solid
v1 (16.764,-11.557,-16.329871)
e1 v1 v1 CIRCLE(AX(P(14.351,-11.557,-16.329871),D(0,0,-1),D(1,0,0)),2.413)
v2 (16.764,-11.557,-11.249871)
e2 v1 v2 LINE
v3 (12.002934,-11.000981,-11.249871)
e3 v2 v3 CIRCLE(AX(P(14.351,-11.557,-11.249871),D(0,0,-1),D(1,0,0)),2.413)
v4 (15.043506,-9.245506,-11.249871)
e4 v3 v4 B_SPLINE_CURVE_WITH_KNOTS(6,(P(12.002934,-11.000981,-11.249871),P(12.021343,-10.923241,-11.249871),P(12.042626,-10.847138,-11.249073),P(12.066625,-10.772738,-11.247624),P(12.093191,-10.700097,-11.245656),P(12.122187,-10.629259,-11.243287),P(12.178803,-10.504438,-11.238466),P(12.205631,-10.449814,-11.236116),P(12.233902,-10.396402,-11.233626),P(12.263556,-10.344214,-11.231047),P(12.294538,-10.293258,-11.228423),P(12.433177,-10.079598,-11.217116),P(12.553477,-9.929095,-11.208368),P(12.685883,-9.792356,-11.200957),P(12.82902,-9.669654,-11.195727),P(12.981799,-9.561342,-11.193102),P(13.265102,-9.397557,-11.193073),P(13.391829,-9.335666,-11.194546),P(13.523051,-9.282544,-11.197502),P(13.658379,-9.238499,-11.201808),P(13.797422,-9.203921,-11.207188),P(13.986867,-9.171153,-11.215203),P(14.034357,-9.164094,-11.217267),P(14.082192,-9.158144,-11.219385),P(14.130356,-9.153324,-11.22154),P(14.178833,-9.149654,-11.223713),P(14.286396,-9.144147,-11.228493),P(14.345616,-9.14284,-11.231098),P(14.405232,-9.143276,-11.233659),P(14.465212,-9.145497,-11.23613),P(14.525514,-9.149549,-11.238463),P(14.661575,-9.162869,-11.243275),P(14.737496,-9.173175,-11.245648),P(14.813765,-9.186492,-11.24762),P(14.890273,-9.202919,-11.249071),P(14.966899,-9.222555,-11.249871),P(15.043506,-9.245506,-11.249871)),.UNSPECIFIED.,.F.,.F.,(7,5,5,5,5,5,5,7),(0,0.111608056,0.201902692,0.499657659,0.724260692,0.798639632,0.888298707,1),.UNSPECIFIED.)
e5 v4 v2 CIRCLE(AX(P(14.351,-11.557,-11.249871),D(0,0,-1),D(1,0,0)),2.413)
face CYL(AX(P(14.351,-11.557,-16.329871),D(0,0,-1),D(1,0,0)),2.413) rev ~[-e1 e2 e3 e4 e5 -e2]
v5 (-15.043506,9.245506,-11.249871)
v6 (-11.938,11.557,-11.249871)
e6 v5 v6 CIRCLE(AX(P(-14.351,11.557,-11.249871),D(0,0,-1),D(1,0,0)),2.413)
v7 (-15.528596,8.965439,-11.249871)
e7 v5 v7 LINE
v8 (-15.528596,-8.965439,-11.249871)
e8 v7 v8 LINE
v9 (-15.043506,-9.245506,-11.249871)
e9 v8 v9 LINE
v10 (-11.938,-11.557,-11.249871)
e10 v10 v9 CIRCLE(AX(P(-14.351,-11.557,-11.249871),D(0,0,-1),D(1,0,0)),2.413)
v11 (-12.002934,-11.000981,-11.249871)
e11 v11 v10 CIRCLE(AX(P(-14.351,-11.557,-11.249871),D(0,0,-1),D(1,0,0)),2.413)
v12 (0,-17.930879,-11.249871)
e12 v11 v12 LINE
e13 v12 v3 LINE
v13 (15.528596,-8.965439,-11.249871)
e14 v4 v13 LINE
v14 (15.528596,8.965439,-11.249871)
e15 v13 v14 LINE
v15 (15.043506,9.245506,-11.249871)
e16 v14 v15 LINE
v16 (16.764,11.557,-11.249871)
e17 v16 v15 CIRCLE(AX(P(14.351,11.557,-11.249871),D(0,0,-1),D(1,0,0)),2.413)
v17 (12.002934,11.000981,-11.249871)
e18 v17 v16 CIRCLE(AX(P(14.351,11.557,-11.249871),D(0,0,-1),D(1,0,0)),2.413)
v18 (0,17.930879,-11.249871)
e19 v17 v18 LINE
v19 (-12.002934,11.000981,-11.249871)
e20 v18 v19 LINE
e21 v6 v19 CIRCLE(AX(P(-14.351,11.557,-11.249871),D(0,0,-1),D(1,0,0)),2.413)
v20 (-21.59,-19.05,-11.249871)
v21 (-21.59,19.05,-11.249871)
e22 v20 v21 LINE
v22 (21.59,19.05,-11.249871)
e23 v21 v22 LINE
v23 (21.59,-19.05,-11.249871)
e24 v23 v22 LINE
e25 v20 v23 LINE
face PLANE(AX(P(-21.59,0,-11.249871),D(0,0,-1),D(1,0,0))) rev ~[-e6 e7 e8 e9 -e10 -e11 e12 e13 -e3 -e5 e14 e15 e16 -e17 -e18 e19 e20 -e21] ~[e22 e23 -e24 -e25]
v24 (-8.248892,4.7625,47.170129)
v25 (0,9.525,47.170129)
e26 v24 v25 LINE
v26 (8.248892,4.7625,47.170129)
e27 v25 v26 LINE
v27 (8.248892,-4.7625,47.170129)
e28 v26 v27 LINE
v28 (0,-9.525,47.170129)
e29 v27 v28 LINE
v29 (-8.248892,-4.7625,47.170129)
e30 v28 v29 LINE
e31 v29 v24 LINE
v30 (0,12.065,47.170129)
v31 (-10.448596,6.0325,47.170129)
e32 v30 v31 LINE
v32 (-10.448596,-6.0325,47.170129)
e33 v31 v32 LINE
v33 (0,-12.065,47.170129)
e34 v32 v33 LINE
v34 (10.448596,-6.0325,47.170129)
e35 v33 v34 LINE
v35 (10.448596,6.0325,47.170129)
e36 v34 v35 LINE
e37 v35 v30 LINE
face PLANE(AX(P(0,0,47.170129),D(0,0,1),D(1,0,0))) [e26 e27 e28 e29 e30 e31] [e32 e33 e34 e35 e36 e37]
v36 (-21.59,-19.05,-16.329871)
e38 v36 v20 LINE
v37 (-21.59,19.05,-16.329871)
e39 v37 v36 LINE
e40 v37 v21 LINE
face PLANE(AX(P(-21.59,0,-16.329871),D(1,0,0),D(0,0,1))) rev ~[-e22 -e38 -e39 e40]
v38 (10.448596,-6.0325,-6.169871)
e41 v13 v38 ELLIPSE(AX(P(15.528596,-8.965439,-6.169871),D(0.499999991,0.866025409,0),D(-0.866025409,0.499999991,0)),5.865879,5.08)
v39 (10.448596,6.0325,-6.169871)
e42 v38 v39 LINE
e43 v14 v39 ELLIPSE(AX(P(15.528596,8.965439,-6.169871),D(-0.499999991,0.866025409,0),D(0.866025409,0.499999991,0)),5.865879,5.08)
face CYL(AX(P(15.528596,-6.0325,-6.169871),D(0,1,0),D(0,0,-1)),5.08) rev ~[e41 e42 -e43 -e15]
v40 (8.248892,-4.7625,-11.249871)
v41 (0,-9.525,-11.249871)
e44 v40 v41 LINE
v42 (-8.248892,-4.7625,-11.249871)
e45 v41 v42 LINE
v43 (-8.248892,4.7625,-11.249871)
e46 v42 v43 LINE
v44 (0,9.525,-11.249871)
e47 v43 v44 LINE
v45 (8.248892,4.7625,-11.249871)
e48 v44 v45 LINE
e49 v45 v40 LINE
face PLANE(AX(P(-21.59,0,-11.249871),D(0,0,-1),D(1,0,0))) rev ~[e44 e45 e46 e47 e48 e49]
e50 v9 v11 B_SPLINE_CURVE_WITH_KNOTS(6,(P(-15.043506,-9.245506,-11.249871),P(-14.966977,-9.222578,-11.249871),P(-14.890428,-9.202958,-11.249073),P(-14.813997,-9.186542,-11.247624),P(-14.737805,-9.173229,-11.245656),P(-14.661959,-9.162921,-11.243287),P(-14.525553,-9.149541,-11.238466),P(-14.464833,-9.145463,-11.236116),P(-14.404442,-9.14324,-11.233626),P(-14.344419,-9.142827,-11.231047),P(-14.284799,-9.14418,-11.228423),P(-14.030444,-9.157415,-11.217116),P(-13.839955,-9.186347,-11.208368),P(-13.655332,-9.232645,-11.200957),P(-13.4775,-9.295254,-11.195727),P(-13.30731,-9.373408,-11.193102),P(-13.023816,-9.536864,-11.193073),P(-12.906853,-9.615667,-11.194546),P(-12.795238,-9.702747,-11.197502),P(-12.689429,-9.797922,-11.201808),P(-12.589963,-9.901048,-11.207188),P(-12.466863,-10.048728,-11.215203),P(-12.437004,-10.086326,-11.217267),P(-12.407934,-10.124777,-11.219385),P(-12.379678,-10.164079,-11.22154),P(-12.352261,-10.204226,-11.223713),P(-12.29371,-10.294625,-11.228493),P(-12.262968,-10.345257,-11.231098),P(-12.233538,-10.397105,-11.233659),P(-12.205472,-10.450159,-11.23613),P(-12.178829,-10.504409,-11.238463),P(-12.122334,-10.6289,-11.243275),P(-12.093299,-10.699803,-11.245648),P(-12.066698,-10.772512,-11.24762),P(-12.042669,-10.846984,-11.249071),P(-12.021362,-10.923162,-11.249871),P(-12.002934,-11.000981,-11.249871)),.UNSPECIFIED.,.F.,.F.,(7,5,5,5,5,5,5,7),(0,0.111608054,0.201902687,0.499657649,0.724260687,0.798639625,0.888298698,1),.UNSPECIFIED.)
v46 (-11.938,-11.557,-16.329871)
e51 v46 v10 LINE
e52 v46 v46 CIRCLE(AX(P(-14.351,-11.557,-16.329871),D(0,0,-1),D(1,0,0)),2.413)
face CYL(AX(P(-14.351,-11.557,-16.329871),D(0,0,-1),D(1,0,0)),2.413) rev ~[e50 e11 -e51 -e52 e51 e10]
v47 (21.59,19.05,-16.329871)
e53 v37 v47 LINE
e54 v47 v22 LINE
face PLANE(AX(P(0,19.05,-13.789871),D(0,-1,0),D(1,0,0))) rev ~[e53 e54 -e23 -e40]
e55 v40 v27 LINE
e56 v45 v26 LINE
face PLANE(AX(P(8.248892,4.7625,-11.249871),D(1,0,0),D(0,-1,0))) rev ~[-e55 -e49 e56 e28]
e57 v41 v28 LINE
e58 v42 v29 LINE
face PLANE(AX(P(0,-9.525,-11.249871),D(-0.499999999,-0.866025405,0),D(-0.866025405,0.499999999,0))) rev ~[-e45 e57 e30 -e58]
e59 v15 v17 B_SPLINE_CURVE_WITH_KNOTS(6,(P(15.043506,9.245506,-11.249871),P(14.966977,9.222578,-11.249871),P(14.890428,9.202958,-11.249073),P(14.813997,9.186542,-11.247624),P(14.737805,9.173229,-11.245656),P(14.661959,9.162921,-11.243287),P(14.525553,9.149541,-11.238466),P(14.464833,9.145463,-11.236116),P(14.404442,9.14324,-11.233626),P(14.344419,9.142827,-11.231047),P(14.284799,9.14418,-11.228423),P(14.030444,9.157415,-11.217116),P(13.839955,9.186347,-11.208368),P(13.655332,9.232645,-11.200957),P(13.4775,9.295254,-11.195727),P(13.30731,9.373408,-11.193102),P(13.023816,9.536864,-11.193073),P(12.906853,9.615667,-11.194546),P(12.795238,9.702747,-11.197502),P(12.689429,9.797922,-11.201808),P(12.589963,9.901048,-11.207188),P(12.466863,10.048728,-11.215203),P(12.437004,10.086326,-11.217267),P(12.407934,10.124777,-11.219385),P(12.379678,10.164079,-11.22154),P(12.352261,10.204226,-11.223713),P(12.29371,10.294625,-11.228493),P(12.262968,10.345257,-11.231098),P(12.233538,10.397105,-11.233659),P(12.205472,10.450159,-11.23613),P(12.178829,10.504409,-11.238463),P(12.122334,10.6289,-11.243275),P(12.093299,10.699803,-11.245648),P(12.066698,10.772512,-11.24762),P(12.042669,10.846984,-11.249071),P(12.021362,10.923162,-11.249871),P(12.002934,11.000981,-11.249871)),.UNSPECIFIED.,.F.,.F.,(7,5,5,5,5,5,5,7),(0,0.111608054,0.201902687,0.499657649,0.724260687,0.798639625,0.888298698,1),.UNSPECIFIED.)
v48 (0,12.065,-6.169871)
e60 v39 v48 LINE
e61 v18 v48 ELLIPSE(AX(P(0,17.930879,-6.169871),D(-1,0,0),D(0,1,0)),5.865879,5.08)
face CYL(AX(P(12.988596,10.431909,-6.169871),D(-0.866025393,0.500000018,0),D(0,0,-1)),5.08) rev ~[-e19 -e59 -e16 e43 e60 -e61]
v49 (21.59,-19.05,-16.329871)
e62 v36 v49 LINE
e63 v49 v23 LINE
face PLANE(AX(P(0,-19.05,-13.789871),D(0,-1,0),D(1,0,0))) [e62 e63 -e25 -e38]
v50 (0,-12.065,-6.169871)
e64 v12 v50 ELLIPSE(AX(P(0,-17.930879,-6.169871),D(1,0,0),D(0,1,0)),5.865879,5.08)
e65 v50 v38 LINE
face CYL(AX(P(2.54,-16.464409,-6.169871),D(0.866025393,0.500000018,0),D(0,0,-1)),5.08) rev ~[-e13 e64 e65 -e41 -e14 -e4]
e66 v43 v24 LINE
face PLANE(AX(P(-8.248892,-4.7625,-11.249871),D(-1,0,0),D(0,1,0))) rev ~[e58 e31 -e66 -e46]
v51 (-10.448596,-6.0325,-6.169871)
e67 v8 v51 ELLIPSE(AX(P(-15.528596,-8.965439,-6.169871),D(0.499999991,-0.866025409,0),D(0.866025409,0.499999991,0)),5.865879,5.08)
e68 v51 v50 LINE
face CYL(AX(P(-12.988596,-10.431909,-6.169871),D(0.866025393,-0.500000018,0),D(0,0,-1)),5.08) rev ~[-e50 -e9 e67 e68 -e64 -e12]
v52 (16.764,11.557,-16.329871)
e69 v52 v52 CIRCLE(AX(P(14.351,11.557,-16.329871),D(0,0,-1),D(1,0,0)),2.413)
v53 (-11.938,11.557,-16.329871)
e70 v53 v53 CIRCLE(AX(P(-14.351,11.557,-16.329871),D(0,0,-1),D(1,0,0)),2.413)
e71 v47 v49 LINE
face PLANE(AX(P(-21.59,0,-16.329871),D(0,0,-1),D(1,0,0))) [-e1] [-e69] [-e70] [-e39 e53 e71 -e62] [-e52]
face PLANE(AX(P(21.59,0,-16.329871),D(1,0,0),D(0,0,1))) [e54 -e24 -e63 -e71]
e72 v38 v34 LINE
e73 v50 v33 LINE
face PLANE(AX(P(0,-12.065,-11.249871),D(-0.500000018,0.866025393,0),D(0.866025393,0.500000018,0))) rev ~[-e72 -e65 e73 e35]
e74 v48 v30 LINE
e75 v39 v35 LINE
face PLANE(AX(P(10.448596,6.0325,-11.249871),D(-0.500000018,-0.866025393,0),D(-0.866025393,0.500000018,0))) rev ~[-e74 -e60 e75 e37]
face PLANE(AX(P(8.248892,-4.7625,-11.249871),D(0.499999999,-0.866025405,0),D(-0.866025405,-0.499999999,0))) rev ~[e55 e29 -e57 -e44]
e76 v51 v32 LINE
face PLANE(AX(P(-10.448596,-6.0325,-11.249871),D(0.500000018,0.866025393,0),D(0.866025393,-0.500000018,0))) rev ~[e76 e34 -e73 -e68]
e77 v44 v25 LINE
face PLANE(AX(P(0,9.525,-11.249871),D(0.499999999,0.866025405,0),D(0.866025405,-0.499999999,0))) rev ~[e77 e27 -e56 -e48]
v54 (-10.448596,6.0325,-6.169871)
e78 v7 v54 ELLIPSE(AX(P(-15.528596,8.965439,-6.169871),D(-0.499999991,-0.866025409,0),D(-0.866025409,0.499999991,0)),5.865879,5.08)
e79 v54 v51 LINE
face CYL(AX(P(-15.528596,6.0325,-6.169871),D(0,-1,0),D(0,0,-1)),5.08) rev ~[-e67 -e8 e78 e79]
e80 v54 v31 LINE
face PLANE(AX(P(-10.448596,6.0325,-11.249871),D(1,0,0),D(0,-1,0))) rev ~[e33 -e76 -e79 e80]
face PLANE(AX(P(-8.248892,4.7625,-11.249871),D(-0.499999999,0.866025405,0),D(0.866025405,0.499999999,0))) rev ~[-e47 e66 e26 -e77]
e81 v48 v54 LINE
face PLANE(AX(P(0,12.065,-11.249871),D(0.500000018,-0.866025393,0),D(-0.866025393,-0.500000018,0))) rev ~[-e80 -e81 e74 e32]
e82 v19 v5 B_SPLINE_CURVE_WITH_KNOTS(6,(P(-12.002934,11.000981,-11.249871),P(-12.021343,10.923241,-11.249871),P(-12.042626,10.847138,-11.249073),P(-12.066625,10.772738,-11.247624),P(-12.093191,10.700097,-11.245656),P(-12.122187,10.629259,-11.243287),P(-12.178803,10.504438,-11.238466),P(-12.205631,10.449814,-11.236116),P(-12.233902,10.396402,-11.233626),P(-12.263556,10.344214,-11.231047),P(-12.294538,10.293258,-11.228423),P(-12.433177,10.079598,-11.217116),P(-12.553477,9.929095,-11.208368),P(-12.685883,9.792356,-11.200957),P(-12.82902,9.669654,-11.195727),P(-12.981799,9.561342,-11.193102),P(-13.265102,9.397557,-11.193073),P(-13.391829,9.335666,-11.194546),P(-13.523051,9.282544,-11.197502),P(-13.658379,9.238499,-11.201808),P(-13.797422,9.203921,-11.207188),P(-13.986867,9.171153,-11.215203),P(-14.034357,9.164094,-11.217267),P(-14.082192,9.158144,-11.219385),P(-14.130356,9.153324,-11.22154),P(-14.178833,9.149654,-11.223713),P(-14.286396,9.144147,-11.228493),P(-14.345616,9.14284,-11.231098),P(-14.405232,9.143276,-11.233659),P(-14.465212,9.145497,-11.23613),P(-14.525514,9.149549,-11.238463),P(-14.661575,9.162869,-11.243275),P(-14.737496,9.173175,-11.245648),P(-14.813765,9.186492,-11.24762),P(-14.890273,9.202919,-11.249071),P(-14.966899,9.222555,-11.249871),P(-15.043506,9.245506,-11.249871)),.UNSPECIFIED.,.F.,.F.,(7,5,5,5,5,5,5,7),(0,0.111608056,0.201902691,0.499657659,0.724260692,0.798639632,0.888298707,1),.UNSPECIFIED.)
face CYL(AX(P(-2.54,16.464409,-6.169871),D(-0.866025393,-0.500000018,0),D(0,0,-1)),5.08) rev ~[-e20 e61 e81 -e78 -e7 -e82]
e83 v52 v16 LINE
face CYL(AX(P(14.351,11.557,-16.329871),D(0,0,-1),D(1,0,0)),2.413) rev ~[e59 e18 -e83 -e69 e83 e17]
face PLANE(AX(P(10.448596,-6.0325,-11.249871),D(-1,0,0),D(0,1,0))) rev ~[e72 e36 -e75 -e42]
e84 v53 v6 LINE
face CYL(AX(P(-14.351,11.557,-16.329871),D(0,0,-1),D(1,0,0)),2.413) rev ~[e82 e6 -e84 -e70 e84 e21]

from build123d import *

# Parameters (mm, degrees)
F0_W     = 43.18
F0_H     = 5.08
F1_DEPTH = 19.05
F3_DEPTH = 58.42
F4_R     = 5.08
F5_R     = 2.413
F6_DEPTH = 25.4


with BuildPart() as f1:
    # F0 (on Front) → F1 (new body, symmetric)
    with BuildSketch(Plane.XZ):
        with Locations((0, -13.789871)):
            Rectangle(F0_W, F0_H)
    extrude(amount=F1_DEPTH, both=True)

    # F2 (on face) → F3 (join)
    with BuildSketch(Plane.XY.offset(-11.249871)):
        Polygon((10.448596, 6.0325), (0, 12.065), (-10.448596, 6.0325), (-10.448596, -6.0325), (0, -12.065), (10.448596, -6.0325), align=None)
        Polygon((-8.248892, 4.7625), (0, 9.525), (8.248892, 4.7625), (8.248892, -4.7625), (0, -9.525), (-8.248892, -4.7625), align=None, mode=Mode.SUBTRACT)
    extrude(amount=F3_DEPTH)

    # F4
    f4_edges = [f1.edges().sort_by_distance(p)[0] for p in [
        (10.448596, 0, -11.249871),
        (5.224298, -9.04875, -11.249871),
        (-5.224298, -9.04875, -11.249871),
        (5.224298, 9.04875, -11.249871),
        (-5.224298, 9.04875, -11.249871),
        (-10.448596, 0, -11.249871),
    ]]
    fillet(f4_edges, radius=F4_R)

    # F5 (on face) → F6 (cut)
    with BuildSketch(Plane(origin=(0, 0, -16.329871), x_dir=(1, 0, 0), z_dir=(0, 0, -1))):
        with Locations((-14.351, 11.557)):
            Circle(F5_R)
        with Locations((14.351, 11.557)):
            Circle(F5_R)
        with Locations((-14.351, -11.557)):
            Circle(F5_R)
        with Locations((14.351, -11.557)):
            Circle(F5_R)
    extrude(amount=-F6_DEPTH, mode=Mode.SUBTRACT)


solid = f1.part
